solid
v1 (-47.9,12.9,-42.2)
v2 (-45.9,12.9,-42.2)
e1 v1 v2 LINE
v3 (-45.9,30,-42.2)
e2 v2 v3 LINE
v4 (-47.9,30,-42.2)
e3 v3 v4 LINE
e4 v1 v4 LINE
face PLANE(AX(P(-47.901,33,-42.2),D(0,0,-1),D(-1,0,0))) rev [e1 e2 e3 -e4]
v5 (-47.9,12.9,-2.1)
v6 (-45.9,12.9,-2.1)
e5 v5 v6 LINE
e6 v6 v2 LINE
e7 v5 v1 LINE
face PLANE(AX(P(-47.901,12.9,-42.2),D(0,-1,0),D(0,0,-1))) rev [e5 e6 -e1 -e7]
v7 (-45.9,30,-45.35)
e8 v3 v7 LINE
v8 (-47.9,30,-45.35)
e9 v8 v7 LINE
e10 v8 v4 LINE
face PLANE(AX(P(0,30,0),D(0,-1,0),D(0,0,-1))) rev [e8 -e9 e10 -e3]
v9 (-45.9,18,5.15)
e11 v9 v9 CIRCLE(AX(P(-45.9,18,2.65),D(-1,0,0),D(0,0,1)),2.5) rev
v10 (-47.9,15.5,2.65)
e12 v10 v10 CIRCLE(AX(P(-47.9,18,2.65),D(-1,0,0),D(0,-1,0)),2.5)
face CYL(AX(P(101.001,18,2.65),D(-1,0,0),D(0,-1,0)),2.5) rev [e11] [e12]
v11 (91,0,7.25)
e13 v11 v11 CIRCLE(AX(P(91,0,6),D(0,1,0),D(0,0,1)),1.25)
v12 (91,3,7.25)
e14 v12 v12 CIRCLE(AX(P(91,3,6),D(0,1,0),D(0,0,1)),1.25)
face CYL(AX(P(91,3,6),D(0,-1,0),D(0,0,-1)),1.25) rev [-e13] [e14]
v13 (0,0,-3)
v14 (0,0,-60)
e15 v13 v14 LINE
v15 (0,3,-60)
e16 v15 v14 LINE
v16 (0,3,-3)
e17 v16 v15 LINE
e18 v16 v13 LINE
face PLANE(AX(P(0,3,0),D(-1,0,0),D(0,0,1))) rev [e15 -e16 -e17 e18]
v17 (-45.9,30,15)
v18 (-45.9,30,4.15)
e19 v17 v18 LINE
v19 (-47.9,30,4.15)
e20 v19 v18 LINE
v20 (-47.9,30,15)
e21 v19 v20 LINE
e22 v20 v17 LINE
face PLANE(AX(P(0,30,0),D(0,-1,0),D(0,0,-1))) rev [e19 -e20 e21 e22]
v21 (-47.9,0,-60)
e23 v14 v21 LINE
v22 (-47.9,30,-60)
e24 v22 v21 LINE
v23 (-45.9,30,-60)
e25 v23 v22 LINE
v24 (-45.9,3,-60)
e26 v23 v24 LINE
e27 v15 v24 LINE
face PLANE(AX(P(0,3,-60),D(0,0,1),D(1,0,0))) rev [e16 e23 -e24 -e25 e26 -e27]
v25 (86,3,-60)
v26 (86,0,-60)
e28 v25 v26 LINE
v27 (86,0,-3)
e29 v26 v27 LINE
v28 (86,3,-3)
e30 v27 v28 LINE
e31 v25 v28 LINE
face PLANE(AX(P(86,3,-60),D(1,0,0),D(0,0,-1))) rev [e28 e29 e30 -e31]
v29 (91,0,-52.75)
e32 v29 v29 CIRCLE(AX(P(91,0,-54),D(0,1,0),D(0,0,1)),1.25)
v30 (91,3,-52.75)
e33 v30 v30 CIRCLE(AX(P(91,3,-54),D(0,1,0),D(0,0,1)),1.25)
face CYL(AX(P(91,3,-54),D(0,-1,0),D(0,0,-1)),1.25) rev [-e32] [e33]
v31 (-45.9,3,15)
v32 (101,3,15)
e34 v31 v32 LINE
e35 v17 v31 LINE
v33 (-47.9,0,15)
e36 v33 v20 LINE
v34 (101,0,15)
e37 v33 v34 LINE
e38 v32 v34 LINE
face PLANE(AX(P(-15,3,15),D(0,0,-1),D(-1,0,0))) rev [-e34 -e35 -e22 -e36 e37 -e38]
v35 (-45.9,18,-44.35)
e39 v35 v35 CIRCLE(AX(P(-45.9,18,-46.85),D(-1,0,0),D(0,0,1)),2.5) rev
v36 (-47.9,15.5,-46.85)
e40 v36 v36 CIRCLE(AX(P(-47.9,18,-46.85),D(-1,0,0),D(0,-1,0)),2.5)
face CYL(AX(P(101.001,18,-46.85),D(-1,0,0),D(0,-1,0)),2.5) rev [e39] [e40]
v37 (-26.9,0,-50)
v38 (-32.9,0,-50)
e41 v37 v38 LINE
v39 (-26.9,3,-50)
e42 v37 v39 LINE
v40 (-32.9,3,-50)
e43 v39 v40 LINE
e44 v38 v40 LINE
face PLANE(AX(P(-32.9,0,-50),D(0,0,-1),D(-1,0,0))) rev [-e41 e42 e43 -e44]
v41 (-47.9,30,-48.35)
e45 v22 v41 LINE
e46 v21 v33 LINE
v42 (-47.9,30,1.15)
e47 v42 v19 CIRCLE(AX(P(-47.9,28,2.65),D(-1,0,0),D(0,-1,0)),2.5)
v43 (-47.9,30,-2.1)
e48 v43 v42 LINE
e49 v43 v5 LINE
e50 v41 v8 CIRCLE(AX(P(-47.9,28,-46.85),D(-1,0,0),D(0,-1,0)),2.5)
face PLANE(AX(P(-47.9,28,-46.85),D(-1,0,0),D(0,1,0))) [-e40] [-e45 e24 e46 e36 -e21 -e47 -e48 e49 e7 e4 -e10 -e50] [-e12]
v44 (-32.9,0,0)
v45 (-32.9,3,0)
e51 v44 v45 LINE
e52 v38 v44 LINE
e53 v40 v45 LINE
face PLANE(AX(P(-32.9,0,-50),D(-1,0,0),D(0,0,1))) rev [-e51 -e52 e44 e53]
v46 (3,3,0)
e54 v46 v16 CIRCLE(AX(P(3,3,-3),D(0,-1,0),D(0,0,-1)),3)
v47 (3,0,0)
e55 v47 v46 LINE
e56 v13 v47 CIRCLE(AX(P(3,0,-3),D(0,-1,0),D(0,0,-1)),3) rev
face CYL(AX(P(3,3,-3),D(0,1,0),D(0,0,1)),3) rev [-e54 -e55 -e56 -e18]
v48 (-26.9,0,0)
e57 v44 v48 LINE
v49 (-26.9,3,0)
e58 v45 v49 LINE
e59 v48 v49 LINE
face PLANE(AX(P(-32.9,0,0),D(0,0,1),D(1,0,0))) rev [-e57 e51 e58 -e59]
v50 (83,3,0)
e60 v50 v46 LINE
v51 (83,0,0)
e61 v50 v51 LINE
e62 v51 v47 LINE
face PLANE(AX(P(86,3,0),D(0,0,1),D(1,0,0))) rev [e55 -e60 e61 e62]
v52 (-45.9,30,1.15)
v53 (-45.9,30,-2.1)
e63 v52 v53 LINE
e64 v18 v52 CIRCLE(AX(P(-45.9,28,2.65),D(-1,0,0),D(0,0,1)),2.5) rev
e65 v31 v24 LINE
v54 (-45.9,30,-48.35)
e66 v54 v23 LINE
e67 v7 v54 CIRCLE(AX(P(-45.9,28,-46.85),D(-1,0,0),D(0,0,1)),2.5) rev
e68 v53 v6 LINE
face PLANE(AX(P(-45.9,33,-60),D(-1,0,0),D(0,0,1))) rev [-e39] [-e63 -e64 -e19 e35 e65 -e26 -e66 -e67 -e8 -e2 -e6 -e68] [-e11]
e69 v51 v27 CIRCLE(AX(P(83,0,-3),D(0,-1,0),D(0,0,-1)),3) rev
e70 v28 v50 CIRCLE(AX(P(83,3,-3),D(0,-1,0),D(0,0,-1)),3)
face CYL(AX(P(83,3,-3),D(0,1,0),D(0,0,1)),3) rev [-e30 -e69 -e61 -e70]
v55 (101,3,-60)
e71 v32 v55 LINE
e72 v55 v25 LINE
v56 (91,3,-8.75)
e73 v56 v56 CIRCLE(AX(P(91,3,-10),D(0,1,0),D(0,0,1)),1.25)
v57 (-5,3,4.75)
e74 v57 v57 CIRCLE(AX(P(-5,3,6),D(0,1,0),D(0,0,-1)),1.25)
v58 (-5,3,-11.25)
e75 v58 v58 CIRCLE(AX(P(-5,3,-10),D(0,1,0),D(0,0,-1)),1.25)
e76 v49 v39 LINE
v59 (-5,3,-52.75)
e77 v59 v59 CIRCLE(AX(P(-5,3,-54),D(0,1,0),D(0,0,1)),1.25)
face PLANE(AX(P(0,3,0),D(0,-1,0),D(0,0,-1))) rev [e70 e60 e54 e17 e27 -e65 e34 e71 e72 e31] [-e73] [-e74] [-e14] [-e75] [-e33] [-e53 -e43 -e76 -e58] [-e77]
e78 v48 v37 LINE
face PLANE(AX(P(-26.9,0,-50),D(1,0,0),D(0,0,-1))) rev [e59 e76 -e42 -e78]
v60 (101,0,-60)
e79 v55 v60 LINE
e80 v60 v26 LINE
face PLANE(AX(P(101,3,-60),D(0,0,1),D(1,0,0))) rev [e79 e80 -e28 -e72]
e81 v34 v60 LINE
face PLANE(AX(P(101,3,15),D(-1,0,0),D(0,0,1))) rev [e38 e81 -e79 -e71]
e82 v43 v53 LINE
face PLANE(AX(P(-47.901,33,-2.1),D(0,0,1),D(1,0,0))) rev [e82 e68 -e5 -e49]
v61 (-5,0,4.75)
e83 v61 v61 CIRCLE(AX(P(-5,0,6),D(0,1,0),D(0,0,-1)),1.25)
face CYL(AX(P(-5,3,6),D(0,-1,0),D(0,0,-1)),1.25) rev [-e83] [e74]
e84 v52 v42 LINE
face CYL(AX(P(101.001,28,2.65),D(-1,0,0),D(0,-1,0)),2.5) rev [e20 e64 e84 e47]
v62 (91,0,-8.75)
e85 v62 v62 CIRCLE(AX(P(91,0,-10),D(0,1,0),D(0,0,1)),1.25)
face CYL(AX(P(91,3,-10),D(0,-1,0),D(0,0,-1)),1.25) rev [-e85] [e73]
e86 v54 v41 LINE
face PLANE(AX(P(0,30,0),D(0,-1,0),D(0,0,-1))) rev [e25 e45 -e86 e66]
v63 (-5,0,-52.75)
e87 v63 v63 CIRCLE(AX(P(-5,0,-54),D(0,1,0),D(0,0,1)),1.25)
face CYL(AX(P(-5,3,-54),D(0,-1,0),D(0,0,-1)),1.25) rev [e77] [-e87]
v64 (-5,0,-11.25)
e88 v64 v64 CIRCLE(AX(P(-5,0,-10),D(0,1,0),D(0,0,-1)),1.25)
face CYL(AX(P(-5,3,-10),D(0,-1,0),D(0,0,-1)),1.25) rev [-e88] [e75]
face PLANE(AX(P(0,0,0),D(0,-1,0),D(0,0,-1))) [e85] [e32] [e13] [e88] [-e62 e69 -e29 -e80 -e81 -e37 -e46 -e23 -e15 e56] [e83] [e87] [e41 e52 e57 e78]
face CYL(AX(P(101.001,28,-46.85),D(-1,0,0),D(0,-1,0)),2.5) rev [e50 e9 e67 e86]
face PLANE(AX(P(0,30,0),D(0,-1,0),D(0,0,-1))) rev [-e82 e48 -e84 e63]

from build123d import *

# Parameters (mm, degrees)
SKETCH_1_R          = 1.25
EXTRUDE_1_DEPTH     = 3
FILLET_1_R          = 3
SKETCH_2_W          = 75
SKETCH_2_H          = 3
EXTRUDE_2_DEPTH     = 32.9
SKETCH_3_W          = 2
SKETCH_3_H          = 75
EXTRUDE_4_DEPTH     = 30
CUT_EXTRUDE_1_REACH = 164.076
SKETCH_5_W          = 40.1
SKETCH_5_H          = 20.1
CUT_EXTRUDE_2_REACH = 165.891
SKETCH_6_R          = 2.5
SKETCH_7_W          = 2
SKETCH_7_H          = 75
CUT_EXTRUDE_3_DEPTH = 3
SKETCH_9_W          = 6
SKETCH_9_H          = 50
CUT_EXTRUDE_4_DEPTH = 121.540449642


with BuildPart() as part:
    # 草图1 → 凸台-拉伸1 (new body)
    with BuildSketch(Plane(origin=(0, 0, 0), x_dir=(1, 0, 0), z_dir=(0, 1, 0))):
        Polygon((0, 0), (0, 60), (-15, 60), (-15, -15), (101, -15), (101, 60), (86, 60), (86, 0), align=None)
        with Locations(Location((-5, 54, 0), (0, 0, 270))):
            Circle(SKETCH_1_R, mode=Mode.SUBTRACT)
        with Locations(Location((-5, -6, 0), (0, 0, 90))):
            Circle(SKETCH_1_R, mode=Mode.SUBTRACT)
        with Locations(Location((91, 54, 0), (0, 0, 270))):
            Circle(SKETCH_1_R, mode=Mode.SUBTRACT)
        with Locations(Location((91, -6, 0), (0, 0, 270))):
            Circle(SKETCH_1_R, mode=Mode.SUBTRACT)
        with Locations(Location((91, 10, 0), (0, 0, 270))):
            Circle(SKETCH_1_R, mode=Mode.SUBTRACT)
        with Locations(Location((-5, 10, 0), (0, 0, 90))):
            Circle(SKETCH_1_R, mode=Mode.SUBTRACT)
    extrude(amount=EXTRUDE_1_DEPTH)

    # 圆角1
    fillet_1_edges = [part.edges().sort_by_distance(p)[0] for p in [
        (86, 1.5, 0),
        (0, 1.5, 0),
    ]]
    fillet(fillet_1_edges, radius=FILLET_1_R)

    # 草图2 → 凸台-拉伸2 (add)
    with BuildSketch(Plane.ZY.offset(15)):
        with Locations((-22.5, 1.5)):
            Rectangle(SKETCH_2_W, SKETCH_2_H)
    extrude(amount=EXTRUDE_2_DEPTH)

    # 草图3 → 凸台-拉伸4 (add)
    with BuildSketch(Plane(origin=(0, 3, 0), x_dir=(1, 0, 0), z_dir=(0, 1, 0))):
        with Locations((-46.9, 22.5)):
            Rectangle(SKETCH_3_W, SKETCH_3_H)
    extrude(amount=EXTRUDE_4_DEPTH)

    # 草图5 → 切除-拉伸1 (cut, up to next)
    with BuildSketch(Plane(origin=(-45.9, 0, 0), x_dir=(0, 0, -1), z_dir=(1, 0, 0)), mode=Mode.PRIVATE) as cut_extrude_1_sk1:
        with Locations((22.15, 22.95)):
            Rectangle(SKETCH_5_W, SKETCH_5_H)
    cut_extrude_1_tool1 = extrude(cut_extrude_1_sk1.sketch, amount=-CUT_EXTRUDE_1_REACH, mode=Mode.PRIVATE) & part.part
    add(cut_extrude_1_tool1.solids().sort_by_distance((-45.9, 22.95, -22.15))[0], mode=Mode.SUBTRACT)

    # 草图6 → 切除-拉伸2 (cut, up to next)
    with BuildSketch(Plane.ZY.offset(47.9), mode=Mode.PRIVATE) as cut_extrude_2_sk1:
        with Locations(Location((-46.85, 18, 0), (0, 0, 270))):
            Circle(SKETCH_6_R)
    cut_extrude_2_tool1 = extrude(cut_extrude_2_sk1.sketch, amount=-CUT_EXTRUDE_2_REACH, mode=Mode.PRIVATE) & part.part
    # 草图6 → 切除-拉伸2 (cut, up to next)
    with BuildSketch(Plane.ZY.offset(47.9), mode=Mode.PRIVATE) as cut_extrude_2_sk2:
        with Locations(Location((-46.85, 28, 0), (0, 0, 270))):
            Circle(SKETCH_6_R)
    cut_extrude_2_tool2 = extrude(cut_extrude_2_sk2.sketch, amount=-CUT_EXTRUDE_2_REACH, mode=Mode.PRIVATE) & part.part
    # 草图6 → 切除-拉伸2 (cut, up to next)
    with BuildSketch(Plane.ZY.offset(47.9), mode=Mode.PRIVATE) as cut_extrude_2_sk3:
        with Locations(Location((2.65, 18, 0), (0, 0, 270))):
            Circle(SKETCH_6_R)
    cut_extrude_2_tool3 = extrude(cut_extrude_2_sk3.sketch, amount=-CUT_EXTRUDE_2_REACH, mode=Mode.PRIVATE) & part.part
    # 草图6 → 切除-拉伸2 (cut, up to next)
    with BuildSketch(Plane.ZY.offset(47.9), mode=Mode.PRIVATE) as cut_extrude_2_sk4:
        with Locations(Location((2.65, 28, 0), (0, 0, 270))):
            Circle(SKETCH_6_R)
    cut_extrude_2_tool4 = extrude(cut_extrude_2_sk4.sketch, amount=-CUT_EXTRUDE_2_REACH, mode=Mode.PRIVATE) & part.part
    add(cut_extrude_2_tool1.solids().sort_by_distance((-47.9, 18, -46.85))[0], mode=Mode.SUBTRACT)
    add(cut_extrude_2_tool2.solids().sort_by_distance((-47.9, 28, -46.85))[0], mode=Mode.SUBTRACT)
    add(cut_extrude_2_tool3.solids().sort_by_distance((-47.9, 18, 2.65))[0], mode=Mode.SUBTRACT)
    add(cut_extrude_2_tool4.solids().sort_by_distance((-47.9, 28, 2.65))[0], mode=Mode.SUBTRACT)

    # 草图7 → 切除-拉伸3 (cut)
    with BuildSketch(Plane(origin=(0, 33, 0), x_dir=(1, 0, 0), z_dir=(0, 1, 0))):
        with Locations((-46.9, 22.5)):
            Rectangle(SKETCH_7_W, SKETCH_7_H)
    extrude(amount=-CUT_EXTRUDE_3_DEPTH, mode=Mode.SUBTRACT)

    # 草图9 → 切除-拉伸4 (cut, through all)
    with BuildSketch(Plane(origin=(0, 3, 0), x_dir=(1, 0, 0), z_dir=(0, 1, 0))):
        with Locations((-29.9, 25)):
            Rectangle(SKETCH_9_W, SKETCH_9_H)
    extrude(amount=-CUT_EXTRUDE_4_DEPTH, mode=Mode.SUBTRACT)


solid = part.part
